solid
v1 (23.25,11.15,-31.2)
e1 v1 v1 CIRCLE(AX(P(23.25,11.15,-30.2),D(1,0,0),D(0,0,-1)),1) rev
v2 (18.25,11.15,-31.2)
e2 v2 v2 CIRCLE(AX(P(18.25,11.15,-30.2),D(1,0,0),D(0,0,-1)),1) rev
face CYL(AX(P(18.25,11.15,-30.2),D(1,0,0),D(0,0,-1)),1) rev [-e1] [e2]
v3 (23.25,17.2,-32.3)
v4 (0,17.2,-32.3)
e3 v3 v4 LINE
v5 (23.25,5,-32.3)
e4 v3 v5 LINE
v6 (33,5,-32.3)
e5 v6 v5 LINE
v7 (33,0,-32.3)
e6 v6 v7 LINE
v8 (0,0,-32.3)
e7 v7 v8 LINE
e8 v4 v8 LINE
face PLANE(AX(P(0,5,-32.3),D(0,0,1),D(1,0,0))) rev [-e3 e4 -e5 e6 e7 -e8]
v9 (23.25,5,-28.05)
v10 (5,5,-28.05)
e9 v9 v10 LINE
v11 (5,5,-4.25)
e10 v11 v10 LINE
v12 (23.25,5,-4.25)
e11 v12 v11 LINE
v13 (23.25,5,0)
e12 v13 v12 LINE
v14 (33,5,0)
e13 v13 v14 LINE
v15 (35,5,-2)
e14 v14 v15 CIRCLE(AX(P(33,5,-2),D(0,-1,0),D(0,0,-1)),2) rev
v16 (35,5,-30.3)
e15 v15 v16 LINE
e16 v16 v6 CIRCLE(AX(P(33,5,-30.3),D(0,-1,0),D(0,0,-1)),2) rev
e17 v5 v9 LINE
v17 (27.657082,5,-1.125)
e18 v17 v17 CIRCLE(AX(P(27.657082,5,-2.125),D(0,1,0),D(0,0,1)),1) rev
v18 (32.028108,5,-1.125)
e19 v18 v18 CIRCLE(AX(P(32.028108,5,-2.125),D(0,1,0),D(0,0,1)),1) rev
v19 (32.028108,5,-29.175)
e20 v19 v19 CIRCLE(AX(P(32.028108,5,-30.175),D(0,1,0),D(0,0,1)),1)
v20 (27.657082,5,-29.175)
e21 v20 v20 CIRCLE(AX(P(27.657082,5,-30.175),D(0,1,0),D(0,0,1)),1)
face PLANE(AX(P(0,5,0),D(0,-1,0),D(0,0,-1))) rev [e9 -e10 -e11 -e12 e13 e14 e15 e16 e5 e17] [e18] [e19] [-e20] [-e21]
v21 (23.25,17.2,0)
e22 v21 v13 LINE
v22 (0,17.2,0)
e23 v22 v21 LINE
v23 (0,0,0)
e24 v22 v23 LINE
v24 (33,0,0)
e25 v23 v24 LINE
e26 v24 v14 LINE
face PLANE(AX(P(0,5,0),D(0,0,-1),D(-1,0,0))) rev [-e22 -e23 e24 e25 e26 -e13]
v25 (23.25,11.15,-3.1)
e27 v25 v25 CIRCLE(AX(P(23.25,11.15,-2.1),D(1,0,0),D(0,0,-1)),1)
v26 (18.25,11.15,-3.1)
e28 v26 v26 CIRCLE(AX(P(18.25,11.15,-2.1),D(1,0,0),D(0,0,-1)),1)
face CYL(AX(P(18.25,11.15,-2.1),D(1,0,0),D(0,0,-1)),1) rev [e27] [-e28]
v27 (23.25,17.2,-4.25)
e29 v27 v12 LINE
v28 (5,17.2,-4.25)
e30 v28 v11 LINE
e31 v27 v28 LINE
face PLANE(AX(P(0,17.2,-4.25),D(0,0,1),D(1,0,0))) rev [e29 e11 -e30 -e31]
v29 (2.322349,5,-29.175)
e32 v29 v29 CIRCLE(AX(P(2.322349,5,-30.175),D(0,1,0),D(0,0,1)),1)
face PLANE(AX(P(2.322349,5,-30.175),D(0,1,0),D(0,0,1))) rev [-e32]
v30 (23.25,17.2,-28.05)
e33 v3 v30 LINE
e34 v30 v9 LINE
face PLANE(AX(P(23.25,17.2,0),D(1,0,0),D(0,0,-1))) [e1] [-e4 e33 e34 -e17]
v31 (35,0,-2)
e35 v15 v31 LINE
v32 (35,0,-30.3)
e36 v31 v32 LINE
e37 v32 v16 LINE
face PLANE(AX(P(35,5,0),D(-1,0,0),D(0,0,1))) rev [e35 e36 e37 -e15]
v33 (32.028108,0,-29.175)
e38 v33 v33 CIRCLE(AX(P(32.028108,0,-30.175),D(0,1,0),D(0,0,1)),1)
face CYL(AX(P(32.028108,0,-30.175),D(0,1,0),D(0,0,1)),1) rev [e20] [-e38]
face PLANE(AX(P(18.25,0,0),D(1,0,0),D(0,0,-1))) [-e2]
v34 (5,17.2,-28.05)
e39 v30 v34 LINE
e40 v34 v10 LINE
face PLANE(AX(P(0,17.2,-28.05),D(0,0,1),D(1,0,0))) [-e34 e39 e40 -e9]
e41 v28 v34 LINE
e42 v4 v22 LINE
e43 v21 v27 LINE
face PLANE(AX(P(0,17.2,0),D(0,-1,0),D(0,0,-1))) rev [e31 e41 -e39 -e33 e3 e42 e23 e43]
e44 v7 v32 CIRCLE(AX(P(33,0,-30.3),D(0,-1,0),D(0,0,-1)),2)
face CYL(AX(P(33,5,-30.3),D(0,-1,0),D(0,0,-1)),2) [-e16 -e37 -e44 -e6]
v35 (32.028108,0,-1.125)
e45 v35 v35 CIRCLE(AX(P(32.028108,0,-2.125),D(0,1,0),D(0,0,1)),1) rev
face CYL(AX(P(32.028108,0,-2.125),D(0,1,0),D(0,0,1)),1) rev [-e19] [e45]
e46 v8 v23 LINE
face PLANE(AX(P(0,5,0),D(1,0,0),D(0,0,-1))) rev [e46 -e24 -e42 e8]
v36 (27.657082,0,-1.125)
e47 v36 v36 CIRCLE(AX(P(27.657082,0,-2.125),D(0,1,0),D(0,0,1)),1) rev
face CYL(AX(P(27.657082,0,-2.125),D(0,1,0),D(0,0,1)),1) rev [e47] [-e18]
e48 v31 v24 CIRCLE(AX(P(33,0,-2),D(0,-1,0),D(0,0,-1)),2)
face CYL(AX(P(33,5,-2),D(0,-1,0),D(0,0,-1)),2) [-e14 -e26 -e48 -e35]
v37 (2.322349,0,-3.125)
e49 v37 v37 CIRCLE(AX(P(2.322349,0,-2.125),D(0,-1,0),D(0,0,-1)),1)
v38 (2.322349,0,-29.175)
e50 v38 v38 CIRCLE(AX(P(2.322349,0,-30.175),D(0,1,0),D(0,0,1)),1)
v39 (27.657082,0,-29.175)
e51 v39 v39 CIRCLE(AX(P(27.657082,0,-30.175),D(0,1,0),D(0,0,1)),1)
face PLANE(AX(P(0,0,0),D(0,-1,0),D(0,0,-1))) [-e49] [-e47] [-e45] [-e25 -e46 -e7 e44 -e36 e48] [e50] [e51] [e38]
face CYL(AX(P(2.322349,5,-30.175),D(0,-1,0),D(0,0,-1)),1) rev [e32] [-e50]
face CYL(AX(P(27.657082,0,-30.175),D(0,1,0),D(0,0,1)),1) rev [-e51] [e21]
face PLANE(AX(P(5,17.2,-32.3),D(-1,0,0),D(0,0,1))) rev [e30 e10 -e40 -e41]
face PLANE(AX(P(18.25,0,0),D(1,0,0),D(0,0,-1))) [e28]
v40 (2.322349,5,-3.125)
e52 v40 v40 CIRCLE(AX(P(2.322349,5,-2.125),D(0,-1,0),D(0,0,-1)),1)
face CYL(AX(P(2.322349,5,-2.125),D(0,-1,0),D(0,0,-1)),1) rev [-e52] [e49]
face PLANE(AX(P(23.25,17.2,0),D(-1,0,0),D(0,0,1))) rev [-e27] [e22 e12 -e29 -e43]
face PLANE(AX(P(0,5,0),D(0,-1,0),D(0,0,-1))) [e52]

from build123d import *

# Parameters (mm, degrees)
SKETCH4_W           = 35
SKETCH4_H           = 32.3
BOSS_EXTRUDE3_DEPTH = 5
SKETCH6_W           = 5
SKETCH6_H           = 32.3
BOSS_EXTRUDE5_DEPTH = 12.2
SKETCH8_W           = 18.25
SKETCH8_H           = 4.25
BOSS_EXTRUDE6_DEPTH = 12.2
SKETCH10_R          = 1
CUT_EXTRUDE1_DEPTH  = 5
SKETCH11_R          = 1
CUT_EXTRUDE2_DEPTH  = 5
SKETCH12_R          = 1
CUT_EXTRUDE3_DEPTH  = 5
FILLET2_R           = 2


with BuildPart() as part:
    # Sketch4 → Boss-Extrude3 (new body)
    with BuildSketch(Plane(origin=(0, 0, 0), x_dir=(1, 0, 0), z_dir=(0, 1, 0))):
        with Locations((17.5, 16.15)):
            Rectangle(SKETCH4_W, SKETCH4_H)
    extrude(amount=BOSS_EXTRUDE3_DEPTH)

    # Sketch6 → Boss-Extrude5 (add)
    with BuildSketch(Plane(origin=(0, 5, 0), x_dir=(1, 0, 0), z_dir=(0, 1, 0))):
        with Locations((2.5, 16.15)):
            Rectangle(SKETCH6_W, SKETCH6_H)
    extrude(amount=BOSS_EXTRUDE5_DEPTH)

    # Sketch8 → Boss-Extrude6 (add)
    with BuildSketch(Plane(origin=(0, 5, 0), x_dir=(1, 0, 0), z_dir=(0, 1, 0))):
        with Locations((14.125, 2.125)):
            Rectangle(SKETCH8_W, SKETCH8_H)
        with Locations((14.125, 30.175)):
            Rectangle(SKETCH8_W, SKETCH8_H)
    extrude(amount=BOSS_EXTRUDE6_DEPTH)

    # Sketch10 → Cut-Extrude1 (cut)
    with BuildSketch(Plane(origin=(23.25, 0, 0), x_dir=(0, 0, -1), z_dir=(1, 0, 0))):
        with Locations((2.1, 11.15)):
            Circle(SKETCH10_R)
        with Locations((30.2, 11.15)):
            Circle(SKETCH10_R)
    extrude(amount=-CUT_EXTRUDE1_DEPTH, mode=Mode.SUBTRACT)

    # Sketch11 → Cut-Extrude2 (cut)
    with BuildSketch(Plane(origin=(0, 5, 0), x_dir=(1, 0, 0), z_dir=(0, 1, 0))):
        with BuildLine():
            ThreePointArc((28.65708215, 30.175), (27.65708215, 31.175), (26.65708215, 30.175))
            Line((26.65708215, 30.175), (28.65708215, 30.175))
        make_face()
        with BuildLine():
            Line((28.65708215, 30.175), (26.65708215, 30.175))
            ThreePointArc((26.65708215, 30.175), (27.65708215, 29.175), (28.65708215, 30.175))
        make_face()
        with BuildLine():
            ThreePointArc((33.028108072, 30.175), (32.028108072, 31.175), (31.028108072, 30.175))
            Line((31.028108072, 30.175), (33.028108072, 30.175))
        make_face()
        with BuildLine():
            Line((33.028108072, 30.175), (31.028108072, 30.175))
            ThreePointArc((31.028108072, 30.175), (32.028108072, 29.175), (33.028108072, 30.175))
        make_face()
        with Locations((27.65708215, 2.125)):
            Circle(SKETCH11_R)
        with Locations((32.028108072, 2.125)):
            Circle(SKETCH11_R)
    extrude(amount=-CUT_EXTRUDE2_DEPTH, mode=Mode.SUBTRACT)

    # Sketch12 → Cut-Extrude3 (cut)
    with BuildSketch(Plane.XZ):
        with Locations((2.322349093, -2.125)):
            Circle(SKETCH12_R)
        with Locations((2.322349093, -30.175)):
            Circle(SKETCH12_R)
    extrude(amount=-CUT_EXTRUDE3_DEPTH, mode=Mode.SUBTRACT)

    # Fillet2
    fillet2_edges = [part.edges().sort_by_distance(p)[0] for p in [
        (35, 2.5, -32.3),
        (35, 2.5, 0),
    ]]
    fillet(fillet2_edges, radius=FILLET2_R)


solid = part.part
